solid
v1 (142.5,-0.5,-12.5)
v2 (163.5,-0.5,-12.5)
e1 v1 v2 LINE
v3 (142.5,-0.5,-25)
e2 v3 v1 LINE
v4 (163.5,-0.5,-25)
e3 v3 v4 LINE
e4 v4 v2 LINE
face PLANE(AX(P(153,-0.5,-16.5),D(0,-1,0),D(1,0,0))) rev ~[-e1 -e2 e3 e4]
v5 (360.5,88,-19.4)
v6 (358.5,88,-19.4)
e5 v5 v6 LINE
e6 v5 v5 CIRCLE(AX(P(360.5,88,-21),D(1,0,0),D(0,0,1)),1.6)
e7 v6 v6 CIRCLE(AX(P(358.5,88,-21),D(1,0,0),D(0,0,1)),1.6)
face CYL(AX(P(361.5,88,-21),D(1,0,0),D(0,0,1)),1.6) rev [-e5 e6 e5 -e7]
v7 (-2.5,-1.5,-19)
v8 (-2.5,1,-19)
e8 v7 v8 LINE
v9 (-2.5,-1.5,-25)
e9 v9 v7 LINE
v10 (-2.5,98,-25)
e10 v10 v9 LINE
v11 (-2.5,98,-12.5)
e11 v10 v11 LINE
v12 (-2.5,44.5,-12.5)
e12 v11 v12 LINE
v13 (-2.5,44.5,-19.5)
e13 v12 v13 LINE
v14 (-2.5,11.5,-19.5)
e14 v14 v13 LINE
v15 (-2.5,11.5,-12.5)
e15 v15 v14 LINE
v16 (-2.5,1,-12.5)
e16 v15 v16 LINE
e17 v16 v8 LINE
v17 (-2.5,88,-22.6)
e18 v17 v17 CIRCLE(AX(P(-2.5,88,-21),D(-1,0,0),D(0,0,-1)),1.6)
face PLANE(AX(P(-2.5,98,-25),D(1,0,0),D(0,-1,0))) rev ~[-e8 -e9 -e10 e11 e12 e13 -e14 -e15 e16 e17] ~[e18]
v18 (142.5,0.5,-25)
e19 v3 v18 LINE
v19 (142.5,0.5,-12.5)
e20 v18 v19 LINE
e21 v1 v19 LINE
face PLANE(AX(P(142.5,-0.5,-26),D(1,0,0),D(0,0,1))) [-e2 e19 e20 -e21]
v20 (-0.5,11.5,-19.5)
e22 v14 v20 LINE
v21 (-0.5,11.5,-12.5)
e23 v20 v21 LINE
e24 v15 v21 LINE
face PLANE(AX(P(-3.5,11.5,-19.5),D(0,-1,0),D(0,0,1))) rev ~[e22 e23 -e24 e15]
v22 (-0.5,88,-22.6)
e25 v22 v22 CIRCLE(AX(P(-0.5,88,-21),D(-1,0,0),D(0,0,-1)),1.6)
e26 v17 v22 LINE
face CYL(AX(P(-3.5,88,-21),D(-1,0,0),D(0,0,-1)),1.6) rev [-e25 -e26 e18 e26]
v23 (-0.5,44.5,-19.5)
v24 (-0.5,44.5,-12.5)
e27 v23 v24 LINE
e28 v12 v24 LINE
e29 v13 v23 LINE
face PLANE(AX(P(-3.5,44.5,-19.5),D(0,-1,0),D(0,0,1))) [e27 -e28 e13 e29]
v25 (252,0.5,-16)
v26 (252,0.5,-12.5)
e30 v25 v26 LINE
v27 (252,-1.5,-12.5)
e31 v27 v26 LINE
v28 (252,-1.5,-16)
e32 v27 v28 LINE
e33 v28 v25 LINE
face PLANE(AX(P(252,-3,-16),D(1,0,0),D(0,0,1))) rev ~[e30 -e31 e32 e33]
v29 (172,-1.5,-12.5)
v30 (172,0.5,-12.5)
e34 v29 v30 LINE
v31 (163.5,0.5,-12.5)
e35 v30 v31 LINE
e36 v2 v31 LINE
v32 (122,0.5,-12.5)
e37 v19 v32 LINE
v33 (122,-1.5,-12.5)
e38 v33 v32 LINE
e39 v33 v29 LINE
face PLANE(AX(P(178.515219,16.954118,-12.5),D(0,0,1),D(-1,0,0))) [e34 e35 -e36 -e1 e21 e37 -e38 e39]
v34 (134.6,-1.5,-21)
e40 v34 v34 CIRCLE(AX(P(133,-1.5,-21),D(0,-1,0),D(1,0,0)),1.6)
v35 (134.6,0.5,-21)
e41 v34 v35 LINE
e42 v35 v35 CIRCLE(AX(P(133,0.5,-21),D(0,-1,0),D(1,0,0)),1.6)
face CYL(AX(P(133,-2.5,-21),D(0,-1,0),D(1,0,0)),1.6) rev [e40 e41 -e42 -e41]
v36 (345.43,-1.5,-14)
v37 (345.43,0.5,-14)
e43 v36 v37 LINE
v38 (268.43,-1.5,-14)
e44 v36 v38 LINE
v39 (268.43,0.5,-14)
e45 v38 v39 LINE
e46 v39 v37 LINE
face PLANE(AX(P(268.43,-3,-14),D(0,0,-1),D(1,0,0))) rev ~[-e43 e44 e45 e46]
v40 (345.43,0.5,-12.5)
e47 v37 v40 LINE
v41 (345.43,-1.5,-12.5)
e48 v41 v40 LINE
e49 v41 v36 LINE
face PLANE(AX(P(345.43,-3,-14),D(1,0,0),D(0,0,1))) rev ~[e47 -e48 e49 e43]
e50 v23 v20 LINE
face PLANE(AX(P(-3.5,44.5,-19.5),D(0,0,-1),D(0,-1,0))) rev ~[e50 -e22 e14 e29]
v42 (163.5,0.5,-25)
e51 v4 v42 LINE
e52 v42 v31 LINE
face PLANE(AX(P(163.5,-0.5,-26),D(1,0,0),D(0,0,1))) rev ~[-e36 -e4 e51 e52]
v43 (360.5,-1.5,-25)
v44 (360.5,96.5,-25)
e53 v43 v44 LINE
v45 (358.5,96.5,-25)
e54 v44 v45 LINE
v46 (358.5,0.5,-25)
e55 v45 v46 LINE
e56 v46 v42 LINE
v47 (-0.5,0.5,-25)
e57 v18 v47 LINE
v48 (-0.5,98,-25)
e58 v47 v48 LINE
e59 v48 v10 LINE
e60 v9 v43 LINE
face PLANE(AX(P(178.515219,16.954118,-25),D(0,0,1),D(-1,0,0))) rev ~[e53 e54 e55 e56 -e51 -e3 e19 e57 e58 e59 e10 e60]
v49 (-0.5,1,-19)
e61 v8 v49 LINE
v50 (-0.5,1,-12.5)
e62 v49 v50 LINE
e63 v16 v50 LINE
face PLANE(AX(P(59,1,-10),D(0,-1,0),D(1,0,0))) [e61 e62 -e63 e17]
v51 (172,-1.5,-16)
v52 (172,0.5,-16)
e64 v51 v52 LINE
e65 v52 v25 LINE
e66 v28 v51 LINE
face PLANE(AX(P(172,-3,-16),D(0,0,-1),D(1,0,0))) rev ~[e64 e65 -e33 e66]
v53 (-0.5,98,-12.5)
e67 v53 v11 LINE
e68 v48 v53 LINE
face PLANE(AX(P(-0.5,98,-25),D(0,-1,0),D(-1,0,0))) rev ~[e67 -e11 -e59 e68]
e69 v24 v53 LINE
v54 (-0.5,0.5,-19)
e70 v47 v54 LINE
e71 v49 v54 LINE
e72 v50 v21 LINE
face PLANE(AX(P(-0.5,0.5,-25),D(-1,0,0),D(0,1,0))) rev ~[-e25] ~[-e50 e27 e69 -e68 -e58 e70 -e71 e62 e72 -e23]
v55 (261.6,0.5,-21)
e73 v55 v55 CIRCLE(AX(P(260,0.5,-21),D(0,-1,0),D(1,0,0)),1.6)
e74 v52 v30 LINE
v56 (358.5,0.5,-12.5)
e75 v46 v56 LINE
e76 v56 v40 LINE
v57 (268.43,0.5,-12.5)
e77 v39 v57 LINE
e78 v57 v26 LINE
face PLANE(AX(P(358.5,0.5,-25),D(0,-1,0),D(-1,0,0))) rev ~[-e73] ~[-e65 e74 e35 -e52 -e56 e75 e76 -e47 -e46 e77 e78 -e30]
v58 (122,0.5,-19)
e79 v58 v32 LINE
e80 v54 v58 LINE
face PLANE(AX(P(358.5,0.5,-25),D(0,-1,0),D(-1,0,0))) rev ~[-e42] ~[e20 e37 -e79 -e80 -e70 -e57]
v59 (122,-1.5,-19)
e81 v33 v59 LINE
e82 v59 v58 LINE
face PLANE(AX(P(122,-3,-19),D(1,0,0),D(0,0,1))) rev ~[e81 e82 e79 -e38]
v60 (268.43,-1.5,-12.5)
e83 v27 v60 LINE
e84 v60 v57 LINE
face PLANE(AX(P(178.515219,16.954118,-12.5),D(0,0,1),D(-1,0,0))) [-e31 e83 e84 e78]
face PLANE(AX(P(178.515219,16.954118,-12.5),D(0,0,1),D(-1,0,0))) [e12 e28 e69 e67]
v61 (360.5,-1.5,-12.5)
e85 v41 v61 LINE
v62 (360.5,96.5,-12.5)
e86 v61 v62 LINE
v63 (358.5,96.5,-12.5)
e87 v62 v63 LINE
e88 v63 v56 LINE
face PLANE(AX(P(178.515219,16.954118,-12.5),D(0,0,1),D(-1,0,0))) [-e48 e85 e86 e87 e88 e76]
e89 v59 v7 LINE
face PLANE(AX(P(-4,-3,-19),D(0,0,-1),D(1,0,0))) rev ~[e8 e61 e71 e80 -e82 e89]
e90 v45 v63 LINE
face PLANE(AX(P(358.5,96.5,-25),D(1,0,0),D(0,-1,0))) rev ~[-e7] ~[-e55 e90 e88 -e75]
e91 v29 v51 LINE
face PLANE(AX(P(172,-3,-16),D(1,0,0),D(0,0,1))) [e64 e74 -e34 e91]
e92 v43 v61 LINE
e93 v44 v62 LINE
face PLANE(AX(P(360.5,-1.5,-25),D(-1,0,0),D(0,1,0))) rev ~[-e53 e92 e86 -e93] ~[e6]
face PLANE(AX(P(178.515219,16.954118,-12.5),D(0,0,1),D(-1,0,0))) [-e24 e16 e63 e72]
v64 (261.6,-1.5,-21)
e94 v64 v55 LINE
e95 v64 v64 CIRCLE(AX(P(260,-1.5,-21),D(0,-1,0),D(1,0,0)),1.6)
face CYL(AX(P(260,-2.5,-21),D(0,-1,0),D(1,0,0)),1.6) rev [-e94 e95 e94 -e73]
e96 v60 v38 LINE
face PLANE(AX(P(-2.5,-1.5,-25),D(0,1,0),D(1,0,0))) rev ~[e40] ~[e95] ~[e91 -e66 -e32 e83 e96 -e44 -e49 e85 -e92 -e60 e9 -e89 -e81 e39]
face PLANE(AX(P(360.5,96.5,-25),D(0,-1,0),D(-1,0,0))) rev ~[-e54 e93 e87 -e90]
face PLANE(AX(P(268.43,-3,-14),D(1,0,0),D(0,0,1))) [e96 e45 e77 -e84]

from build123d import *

# Parameters (mm, degrees)
SKETCH103_W             = 21
SKETCH103_H             = 19
EXTRUDE095_DEPTH        = 2
SKETCH127_R             = 1.6
EXTRUDE117_DEPTH        = 10
BODY090_PLACEMENT_ANGLE = 90
BODY091_PLACEMENT_ANGLE = 90
BODY092_PLACEMENT_ANGLE = 90
BODY093_PLACEMENT_ANGLE = 90
SKETCH135_W             = 33
SKETCH135_H             = 7.5
EXTRUDE125_DEPTH        = 4
SKETCH102_W             = 126
SKETCH102_H             = 18
SKETCH102_W_2           = 80
SKETCH102_H_2           = 14
SKETCH102_W_3           = 77
SKETCH102_H_3           = 12
EXTRUDE094_DEPTH        = 4
EXTRUDE077_DEPTH        = 12.5


with BuildPart() as extrude095:
    # Sketch103 → Extrude095 (new body)
    with BuildSketch(Plane.XZ.offset(0.5)):
        with Locations((153, -16.5)):
            Rectangle(SKETCH103_W, SKETCH103_H)
    extrude(amount=-EXTRUDE095_DEPTH)


with BuildPart() as screw_outer:
    # Sketch127 → Extrude117 (new body)
    with BuildSketch(Plane.XY):
        Circle(SKETCH127_R)
    extrude(amount=EXTRUDE117_DEPTH)


with BuildPart() as screw_outer011:
    # Body090 base: copy of screw outer
    add(screw_outer.part)


with BuildPart() as screw_outer011_1:
    # Body090 placement: moved
    add(screw_outer011.part.moved(Location((-3.5, 88, -21))).rotate(Axis((-3.5, 88, -21), (0, 1, 0)), BODY090_PLACEMENT_ANGLE))


with BuildPart() as screw_outer012:
    # Body091 base: copy of screw outer
    add(screw_outer.part)


with BuildPart() as screw_outer012_1:
    # Body091 placement: moved
    add(screw_outer012.part.moved(Location((361.5, 88, -21))).rotate(Axis((361.5, 88, -21), (0, -1, 0)), BODY091_PLACEMENT_ANGLE))


with BuildPart() as screw_outer013:
    # Body092 base: copy of screw outer
    add(screw_outer.part)


with BuildPart() as screw_outer013_1:
    # Body092 placement: moved
    add(screw_outer013.part.moved(Location((133, -2.5, -21))).rotate(Axis((133, -2.5, -21), (-1, 0, 0)), BODY092_PLACEMENT_ANGLE))


with BuildPart() as screw_outer014:
    # Body093 base: copy of screw outer
    add(screw_outer.part)


with BuildPart() as screw_outer014_1:
    # Body093 placement: moved
    add(screw_outer014.part.moved(Location((260, -2.5, -21))).rotate(Axis((260, -2.5, -21), (-1, 0, 0)), BODY093_PLACEMENT_ANGLE))


with BuildPart() as power_cover001:
    # Sketch135 → Extrude125 (new body)
    with BuildSketch(Plane(origin=(-3.5, 0, 0), x_dir=(0, -1, 0), z_dir=(-1, 0, 0))):
        with Locations((-28, -15.75)):
            Rectangle(SKETCH135_W, SKETCH135_H)
    extrude(amount=-EXTRUDE125_DEPTH)


with BuildPart() as compound021:
    # Sketch102 → Extrude094 (new body)
    with BuildSketch(Plane.XZ.offset(3)):
        with Locations((59, -10)):
            Rectangle(SKETCH102_W, SKETCH102_H)
        with Locations((212, -9)):
            Rectangle(SKETCH102_W_2, SKETCH102_H_2)
        with Locations((306.93, -8)):
            Rectangle(SKETCH102_W_3, SKETCH102_H_3)
    extrude(amount=-EXTRUDE094_DEPTH)

    # Compound021: union Extrude095, screw outer011, screw outer012, screw outer013, screw outer014, power cover001
    add(extrude095.part)
    add(screw_outer011_1.part)
    add(screw_outer012_1.part)
    add(screw_outer013_1.part)
    add(screw_outer014_1.part)
    add(power_cover001.part)


with BuildPart() as side001:
    # Sketch085 → Extrude077 (new body)
    with BuildSketch(Plane(origin=(0, 0, -25), x_dir=(1, 0, 0), z_dir=(0, 0, -1))):
        Polygon((-2.5, 1.5), (360.5, 1.5), (360.5, -96.5), (358.5, -96.5), (358.5, -0.5), (-0.5, -0.5), (-0.5, -98), (-2.5, -98), align=None)
    extrude(amount=-EXTRUDE077_DEPTH)

    # Cut011: cut Compound021
    add(compound021.part, mode=Mode.SUBTRACT)


solid = side001.part
